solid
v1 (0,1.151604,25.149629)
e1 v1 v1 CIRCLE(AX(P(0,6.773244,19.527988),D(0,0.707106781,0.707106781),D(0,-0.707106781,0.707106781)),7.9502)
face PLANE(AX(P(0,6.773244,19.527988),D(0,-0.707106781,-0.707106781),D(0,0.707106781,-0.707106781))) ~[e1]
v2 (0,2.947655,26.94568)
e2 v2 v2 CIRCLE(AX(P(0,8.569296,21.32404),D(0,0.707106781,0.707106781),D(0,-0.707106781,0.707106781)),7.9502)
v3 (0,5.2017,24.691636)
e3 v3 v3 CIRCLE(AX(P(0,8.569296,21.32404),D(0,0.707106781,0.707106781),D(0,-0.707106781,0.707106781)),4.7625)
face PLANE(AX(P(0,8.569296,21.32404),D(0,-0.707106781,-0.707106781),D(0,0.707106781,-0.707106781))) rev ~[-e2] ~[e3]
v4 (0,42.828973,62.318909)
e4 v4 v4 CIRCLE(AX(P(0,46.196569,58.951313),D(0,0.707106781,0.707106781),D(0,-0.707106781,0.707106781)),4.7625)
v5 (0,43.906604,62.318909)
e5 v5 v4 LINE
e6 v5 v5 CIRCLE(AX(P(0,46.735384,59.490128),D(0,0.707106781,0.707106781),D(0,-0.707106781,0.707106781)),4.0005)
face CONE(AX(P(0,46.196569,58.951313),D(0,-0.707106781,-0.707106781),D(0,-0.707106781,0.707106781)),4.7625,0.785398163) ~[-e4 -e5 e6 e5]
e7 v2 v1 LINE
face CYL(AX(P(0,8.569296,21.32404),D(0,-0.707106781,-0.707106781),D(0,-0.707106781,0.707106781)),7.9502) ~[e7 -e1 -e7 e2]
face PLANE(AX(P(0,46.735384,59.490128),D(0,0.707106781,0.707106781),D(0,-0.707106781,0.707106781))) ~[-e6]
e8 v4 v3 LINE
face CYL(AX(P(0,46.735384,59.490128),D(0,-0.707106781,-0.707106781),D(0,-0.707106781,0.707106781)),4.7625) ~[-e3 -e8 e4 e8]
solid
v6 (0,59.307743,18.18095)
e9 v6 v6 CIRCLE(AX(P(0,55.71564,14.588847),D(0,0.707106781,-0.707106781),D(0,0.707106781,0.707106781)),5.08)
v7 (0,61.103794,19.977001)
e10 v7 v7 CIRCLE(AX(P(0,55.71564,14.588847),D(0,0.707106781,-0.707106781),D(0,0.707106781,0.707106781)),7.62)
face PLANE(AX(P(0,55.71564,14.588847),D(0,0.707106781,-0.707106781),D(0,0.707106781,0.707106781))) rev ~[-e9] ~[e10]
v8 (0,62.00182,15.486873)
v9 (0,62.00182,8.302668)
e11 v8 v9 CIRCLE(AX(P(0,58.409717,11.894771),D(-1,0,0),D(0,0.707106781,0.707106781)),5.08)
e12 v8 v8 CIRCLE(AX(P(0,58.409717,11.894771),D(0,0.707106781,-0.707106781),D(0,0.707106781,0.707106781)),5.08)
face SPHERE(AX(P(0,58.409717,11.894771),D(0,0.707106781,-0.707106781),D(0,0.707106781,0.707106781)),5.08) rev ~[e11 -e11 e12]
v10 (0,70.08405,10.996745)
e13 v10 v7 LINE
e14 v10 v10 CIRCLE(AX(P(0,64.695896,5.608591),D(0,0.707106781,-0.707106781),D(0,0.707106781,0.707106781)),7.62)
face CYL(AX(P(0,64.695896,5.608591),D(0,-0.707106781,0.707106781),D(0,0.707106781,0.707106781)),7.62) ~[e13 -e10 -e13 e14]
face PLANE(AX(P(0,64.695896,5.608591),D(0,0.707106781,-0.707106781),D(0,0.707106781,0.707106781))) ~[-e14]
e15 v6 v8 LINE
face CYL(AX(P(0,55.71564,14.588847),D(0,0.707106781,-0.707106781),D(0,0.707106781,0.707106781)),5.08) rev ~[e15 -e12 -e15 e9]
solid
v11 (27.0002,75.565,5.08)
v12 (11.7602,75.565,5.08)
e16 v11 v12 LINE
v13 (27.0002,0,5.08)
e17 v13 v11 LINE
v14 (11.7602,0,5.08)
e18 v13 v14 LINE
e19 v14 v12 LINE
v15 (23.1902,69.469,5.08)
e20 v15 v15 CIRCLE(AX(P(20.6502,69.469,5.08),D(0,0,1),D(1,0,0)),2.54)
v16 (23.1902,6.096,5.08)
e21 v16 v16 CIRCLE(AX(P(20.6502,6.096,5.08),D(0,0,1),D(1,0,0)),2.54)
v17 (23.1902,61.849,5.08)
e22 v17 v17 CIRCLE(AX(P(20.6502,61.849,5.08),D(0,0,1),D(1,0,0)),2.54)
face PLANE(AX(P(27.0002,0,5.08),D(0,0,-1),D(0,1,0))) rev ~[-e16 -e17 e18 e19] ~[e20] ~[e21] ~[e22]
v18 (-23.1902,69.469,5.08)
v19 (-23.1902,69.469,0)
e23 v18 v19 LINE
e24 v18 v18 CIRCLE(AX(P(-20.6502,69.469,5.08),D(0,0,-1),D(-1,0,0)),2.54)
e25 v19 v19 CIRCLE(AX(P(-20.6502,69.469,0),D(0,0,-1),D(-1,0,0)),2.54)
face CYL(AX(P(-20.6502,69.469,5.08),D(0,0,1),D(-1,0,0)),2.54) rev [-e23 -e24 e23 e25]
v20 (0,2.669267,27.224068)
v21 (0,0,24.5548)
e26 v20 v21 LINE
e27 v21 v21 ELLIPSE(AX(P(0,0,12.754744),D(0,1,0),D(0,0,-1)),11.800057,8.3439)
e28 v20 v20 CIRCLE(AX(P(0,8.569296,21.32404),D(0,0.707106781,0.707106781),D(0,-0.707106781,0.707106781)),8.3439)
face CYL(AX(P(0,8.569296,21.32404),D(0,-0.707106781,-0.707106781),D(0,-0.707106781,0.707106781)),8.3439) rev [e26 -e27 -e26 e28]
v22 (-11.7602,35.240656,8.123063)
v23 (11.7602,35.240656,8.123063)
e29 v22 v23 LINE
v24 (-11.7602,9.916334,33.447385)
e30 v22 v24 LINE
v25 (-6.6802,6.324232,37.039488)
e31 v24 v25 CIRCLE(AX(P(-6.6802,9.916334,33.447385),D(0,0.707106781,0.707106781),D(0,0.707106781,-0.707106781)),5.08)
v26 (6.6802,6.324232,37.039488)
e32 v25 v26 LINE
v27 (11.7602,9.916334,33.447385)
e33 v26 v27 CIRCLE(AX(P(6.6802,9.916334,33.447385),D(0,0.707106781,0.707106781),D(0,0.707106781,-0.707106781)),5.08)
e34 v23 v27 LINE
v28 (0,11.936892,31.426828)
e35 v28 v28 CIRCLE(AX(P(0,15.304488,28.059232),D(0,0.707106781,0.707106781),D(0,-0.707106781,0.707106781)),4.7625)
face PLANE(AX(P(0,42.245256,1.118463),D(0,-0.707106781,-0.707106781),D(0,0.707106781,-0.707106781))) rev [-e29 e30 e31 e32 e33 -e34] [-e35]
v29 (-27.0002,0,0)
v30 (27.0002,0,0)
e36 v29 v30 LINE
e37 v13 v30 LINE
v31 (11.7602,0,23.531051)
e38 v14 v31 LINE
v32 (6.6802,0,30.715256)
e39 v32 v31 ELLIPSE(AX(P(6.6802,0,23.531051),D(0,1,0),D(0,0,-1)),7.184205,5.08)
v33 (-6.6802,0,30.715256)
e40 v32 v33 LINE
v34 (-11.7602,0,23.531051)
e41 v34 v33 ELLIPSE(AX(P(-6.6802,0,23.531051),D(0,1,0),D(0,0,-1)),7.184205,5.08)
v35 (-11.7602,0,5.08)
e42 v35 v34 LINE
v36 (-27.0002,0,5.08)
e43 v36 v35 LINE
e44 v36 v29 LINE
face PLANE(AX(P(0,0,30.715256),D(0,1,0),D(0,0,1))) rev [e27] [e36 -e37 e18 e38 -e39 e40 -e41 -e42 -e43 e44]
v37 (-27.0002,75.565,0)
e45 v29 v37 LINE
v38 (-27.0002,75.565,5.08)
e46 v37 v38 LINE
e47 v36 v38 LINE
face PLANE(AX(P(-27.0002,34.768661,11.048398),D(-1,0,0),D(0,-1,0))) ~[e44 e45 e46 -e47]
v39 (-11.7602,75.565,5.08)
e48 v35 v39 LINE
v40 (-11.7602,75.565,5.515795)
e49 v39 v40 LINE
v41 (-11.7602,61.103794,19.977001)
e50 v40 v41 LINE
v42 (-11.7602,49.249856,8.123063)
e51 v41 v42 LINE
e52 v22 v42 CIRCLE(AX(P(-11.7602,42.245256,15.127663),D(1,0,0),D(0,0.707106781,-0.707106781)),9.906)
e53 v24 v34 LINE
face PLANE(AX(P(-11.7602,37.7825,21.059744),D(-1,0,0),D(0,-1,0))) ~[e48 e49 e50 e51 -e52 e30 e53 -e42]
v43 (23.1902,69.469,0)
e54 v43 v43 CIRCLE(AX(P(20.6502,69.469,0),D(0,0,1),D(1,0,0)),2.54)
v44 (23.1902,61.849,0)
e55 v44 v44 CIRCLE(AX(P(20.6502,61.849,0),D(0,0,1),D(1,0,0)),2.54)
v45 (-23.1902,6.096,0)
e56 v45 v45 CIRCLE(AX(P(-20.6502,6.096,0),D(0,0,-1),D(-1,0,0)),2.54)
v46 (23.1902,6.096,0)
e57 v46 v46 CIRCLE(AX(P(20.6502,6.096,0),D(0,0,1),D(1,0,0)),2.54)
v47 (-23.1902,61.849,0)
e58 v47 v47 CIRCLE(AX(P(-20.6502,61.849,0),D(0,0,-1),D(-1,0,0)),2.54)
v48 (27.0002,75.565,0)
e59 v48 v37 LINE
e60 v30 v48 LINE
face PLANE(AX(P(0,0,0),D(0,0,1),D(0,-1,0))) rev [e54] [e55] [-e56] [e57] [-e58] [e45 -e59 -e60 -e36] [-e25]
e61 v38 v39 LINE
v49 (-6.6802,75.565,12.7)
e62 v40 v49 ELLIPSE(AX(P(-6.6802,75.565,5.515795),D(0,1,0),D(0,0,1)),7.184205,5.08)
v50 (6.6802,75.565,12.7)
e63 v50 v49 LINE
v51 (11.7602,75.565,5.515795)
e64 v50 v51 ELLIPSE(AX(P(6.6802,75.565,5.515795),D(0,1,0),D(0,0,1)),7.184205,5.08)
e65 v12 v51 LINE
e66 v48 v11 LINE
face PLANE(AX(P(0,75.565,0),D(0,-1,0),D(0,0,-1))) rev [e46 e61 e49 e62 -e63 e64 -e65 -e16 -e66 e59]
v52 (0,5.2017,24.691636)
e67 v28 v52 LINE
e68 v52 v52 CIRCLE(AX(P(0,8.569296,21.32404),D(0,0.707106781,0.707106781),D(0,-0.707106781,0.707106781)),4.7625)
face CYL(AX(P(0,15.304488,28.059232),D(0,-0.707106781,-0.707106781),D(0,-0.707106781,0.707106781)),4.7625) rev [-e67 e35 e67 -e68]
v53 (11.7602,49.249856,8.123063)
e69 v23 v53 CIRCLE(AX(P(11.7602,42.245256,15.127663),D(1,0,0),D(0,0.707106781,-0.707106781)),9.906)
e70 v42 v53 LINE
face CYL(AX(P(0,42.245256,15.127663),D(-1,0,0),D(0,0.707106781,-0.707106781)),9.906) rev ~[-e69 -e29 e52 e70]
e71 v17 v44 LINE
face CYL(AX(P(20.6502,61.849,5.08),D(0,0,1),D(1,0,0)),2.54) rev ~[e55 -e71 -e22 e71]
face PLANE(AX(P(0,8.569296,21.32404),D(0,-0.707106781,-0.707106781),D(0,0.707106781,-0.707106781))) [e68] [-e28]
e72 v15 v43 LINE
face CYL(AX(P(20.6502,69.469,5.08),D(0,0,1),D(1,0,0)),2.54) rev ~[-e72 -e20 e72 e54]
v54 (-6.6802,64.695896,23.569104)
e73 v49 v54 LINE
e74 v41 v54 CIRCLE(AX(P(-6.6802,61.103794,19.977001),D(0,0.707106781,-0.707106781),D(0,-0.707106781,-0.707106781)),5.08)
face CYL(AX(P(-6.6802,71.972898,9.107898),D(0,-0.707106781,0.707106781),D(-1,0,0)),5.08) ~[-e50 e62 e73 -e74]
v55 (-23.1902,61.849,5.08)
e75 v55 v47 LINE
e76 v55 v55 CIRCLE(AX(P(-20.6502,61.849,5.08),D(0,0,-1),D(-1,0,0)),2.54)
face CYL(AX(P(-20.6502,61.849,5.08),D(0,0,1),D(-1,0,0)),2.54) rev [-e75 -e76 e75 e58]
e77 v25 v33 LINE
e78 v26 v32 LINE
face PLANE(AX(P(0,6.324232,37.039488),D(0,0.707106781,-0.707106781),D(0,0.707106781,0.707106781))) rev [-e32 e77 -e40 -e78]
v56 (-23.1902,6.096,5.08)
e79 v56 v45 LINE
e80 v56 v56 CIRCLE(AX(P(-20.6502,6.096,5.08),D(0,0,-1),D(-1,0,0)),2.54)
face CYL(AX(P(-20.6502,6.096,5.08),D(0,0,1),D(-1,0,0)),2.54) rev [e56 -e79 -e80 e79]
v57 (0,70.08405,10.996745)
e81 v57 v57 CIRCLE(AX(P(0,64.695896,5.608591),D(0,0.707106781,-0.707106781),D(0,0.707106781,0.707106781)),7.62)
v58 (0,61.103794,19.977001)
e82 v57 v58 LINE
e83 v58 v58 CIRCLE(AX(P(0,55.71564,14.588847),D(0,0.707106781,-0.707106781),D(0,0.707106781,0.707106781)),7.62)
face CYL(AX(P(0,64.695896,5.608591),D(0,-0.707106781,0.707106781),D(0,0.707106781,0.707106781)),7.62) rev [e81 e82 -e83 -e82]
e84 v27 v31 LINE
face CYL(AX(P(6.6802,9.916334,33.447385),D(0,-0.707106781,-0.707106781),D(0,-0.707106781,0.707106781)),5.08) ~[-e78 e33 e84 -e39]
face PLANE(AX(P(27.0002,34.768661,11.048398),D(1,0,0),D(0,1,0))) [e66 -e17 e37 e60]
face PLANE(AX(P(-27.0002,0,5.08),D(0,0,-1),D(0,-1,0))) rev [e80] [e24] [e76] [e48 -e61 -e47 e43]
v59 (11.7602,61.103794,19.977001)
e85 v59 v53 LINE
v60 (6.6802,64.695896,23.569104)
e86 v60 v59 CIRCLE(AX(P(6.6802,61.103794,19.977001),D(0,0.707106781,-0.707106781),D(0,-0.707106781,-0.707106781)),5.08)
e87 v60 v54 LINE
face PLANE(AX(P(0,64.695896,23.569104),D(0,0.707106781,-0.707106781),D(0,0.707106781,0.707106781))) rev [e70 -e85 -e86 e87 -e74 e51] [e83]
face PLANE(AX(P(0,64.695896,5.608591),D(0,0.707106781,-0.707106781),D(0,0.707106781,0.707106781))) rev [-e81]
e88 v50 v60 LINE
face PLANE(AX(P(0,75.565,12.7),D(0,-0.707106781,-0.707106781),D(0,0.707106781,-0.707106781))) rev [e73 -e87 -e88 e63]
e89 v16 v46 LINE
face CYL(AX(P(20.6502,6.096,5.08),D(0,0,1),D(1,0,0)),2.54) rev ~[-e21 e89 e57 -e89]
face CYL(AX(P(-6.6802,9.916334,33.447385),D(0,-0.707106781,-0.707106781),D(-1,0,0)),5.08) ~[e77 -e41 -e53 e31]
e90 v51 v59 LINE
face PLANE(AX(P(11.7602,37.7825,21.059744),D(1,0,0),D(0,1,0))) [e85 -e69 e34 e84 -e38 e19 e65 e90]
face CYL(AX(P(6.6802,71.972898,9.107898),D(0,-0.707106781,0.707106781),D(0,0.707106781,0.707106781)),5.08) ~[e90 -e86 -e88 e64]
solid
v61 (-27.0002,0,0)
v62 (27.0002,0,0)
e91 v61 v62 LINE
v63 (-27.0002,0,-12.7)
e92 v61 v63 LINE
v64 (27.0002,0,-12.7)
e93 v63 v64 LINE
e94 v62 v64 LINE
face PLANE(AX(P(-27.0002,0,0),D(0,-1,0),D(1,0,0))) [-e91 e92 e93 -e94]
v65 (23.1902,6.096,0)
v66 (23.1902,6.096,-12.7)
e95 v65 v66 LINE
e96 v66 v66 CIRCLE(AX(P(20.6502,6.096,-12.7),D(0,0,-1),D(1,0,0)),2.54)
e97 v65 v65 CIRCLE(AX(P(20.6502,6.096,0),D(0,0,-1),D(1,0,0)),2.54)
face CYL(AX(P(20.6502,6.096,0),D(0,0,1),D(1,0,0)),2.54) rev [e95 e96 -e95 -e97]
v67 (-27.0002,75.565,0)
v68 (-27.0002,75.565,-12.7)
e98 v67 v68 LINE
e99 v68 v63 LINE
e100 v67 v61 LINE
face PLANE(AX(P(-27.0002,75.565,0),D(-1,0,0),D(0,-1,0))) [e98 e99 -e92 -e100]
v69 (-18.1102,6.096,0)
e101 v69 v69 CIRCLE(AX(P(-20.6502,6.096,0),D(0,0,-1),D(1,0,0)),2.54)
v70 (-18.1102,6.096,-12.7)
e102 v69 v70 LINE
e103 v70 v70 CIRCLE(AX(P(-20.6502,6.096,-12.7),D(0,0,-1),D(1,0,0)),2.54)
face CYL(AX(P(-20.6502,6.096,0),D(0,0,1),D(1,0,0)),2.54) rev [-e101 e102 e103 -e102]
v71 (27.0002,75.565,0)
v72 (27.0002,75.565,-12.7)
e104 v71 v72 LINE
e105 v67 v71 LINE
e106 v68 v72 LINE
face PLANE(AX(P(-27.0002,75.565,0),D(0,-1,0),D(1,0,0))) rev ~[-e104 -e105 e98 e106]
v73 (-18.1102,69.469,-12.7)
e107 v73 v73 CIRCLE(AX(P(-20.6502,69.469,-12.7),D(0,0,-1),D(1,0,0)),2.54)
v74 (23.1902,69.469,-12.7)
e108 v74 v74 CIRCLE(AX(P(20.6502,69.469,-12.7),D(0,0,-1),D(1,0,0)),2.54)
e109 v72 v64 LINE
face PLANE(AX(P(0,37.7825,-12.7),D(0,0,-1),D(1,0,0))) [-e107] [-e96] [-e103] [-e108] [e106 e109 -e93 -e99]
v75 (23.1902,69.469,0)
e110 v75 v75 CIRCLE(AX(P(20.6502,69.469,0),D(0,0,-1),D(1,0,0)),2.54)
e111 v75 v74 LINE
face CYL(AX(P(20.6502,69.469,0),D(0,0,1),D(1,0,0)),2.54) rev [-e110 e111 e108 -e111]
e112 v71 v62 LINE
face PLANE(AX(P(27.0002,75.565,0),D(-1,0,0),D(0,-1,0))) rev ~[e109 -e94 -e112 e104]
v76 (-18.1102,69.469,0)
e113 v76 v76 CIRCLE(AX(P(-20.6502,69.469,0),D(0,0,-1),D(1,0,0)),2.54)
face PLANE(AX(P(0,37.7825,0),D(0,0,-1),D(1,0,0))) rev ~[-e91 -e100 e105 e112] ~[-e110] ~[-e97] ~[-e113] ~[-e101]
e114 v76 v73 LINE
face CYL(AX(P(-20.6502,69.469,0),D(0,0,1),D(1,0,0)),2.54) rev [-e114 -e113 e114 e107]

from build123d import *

# Parameters (mm, degrees)
F1_DEPTH  = 27.0002
F2_R      = 9.906
F3_W      = 75.565
F3_H      = 31.9594877579
F4_DEPTH  = 15.24
F5_R      = 2.54
F6_DEPTH  = 5.081
F8_R      = 5.08
F15_SIZE  = 0.762
F20_W     = 54.0004
F20_H     = 75.565
F20_R     = 2.54
F21_DEPTH = 12.7


with BuildPart() as f1:
    # F0 (on Right) → F1 (new body)
    with BuildSketch(Plane.YZ):
        Polygon((0, 30.7152561211), (0, 0), (75.565, 0), (75.565, 12.7), (64.6958964237, 23.5691035763), (42.2452561211, 1.1184632736), (6.3242316368, 37.0394877579), align=None)
    extrude(amount=F1_DEPTH)

    # F2
    f2_edges = [f1.edges().sort_by_distance(p)[0] for p in [
        (13.5001, 42.245256, 1.118463),
    ]]
    fillet(f2_edges, radius=F2_R)

    # F3 (on face) → F4 (cut)
    with BuildSketch(Plane.YZ.offset(27.0002)):
        with Locations((37.7825, 21.0597438789)):
            Rectangle(F3_W, F3_H)
    extrude(amount=-F4_DEPTH, mode=Mode.SUBTRACT)

    # F5 (on face) → F6 (cut, through all)
    with BuildSketch(Plane.XY.offset(5.08)):
        with Locations((20.6502, 69.469)):
            Circle(F5_R)
        with Locations((20.6502, 61.849)):
            Circle(F5_R)
        with Locations((20.6502, 6.096)):
            Circle(F5_R)
    extrude(amount=-F6_DEPTH, mode=Mode.SUBTRACT)

    # F7: F1 across face


with BuildPart() as f1_1:
    add(f1.part)
    add(f1.part.mirror(Plane(origin=(0, 31.4337361572, 11.6287579026), x_dir=(0, 1, 0), z_dir=(-1, 0, 0))))

    # F8
    f8_edges = [f1_1.edges().sort_by_distance(p)[0] for p in [
        (-11.7602, 70.130448, 18.134552),
        (11.7602, 70.130448, 18.134552),
        (11.7602, 3.162116, 33.877372),
        (-11.7602, 3.162116, 33.877372),
    ]]
    fillet(f8_edges, radius=F8_R)

    # F9 (on Right) → F10 (revolve, cut)
    with BuildSketch(Plane.YZ):
        Polygon((15.3044877579, 28.0592316368), (11.9368917125, 31.4268276822), (5.2016996217, 24.6916355914), (2.6692673955, 27.2240678175), (-12.277400211, 12.277400211), (-6.3773719395, 6.3773719395), align=None)
    revolve(axis=Axis((0, 22.0396798487, 34.7944237276), (0, 0.7071067812, 0.7071067812)), mode=Mode.SUBTRACT)

    # F16 (on Right) → F17 (revolve, cut)
    with BuildSketch(Plane.YZ):
        Polygon((55.7156403027, 14.5888474552), (64.6958964237, 5.6085913341), (70.0840500964, 10.9967450068), (61.1037939753, 19.9770011278), align=None)
    revolve(axis=Axis((0, 46.7353841816, 23.5691035763), (0, 0.7071067812, -0.7071067812)), mode=Mode.SUBTRACT)


with BuildPart() as f12:
    # F11 (on Right) → F12 (revolve)
    with BuildSketch(Plane.YZ):
        Polygon((11.9368917125, 31.4268276822), (5.2016996217, 24.6916355914), (2.9476553353, 26.9456798778), (1.1516041111, 25.1496286536), (6.7732444428, 19.5279883218), (46.7353841816, 59.4901280605), (43.3677881362, 62.8577241059), align=None)
    revolve(axis=Axis((0, 26.7543143122, 39.5090581912), (0, 0.7071067812, 0.7071067812)))

    # F15
    f15_edges = [f12.edges().sort_by_distance(p)[0] for p in [
        (0, 50.10298, 56.122532),
    ]]
    chamfer(f15_edges, length=F15_SIZE)


with BuildPart() as f13:
    # F11 (on Right) → F13 (revolve)
    with BuildSketch(Plane.YZ):
        Polygon((11.9368917125, 31.4268276822), (5.2016996217, 24.6916355914), (2.9476553353, 26.9456798778), (1.1516041111, 25.1496286536), (6.7732444428, 19.5279883218), (46.7353841816, 59.4901280605), (43.3677881362, 62.8577241059), align=None)
    revolve(axis=Axis((0, 22.0396798487, 34.7944237276), (0, 0.7071067812, 0.7071067812)))


with BuildPart() as f19:
    # F18 (on Right) → F19 (revolve)
    with BuildSketch(Plane.YZ):
        with BuildLine():
            Line((64.6958964237, 5.6085913341), (70.0840500964, 10.9967450068))
            Line((70.0840500964, 10.9967450068), (61.1037939753, 19.9770011278))
            Line((61.1037939753, 19.9770011278), (59.3077427511, 18.1809499036))
            Line((59.3077427511, 18.1809499036), (62.0018195874, 15.4868730673))
            ThreePointArc((62.0018195874, 15.4868730673), (63.489717139, 11.8947706189), (62.0018195874, 8.3026681704))
            Line((62.0018195874, 8.3026681704), (64.6958964237, 5.6085913341))
        make_face()
    revolve(axis=Axis((0, 46.7353841816, 23.5691035763), (0, 0.7071067812, -0.7071067812)))


with BuildPart() as f21:
    # F20 (on face) → F21 (new body)
    with BuildSketch(Plane(origin=(0, 0, 0), x_dir=(1, 0, 0), z_dir=(0, 0, -1))):
        with Locations((0, -37.7825)):
            Rectangle(F20_W, F20_H)
        with Locations((-20.6502, -69.469)):
            Circle(F20_R, mode=Mode.SUBTRACT)
        with Locations((20.6502, -69.469)):
            Circle(F20_R, mode=Mode.SUBTRACT)
        with Locations((-20.6502, -6.096)):
            Circle(F20_R, mode=Mode.SUBTRACT)
        with Locations((20.6502, -6.096)):
            Circle(F20_R, mode=Mode.SUBTRACT)
    extrude(amount=F21_DEPTH)


solid = Compound([f1_1.part, f12.part, f19.part, f21.part])
